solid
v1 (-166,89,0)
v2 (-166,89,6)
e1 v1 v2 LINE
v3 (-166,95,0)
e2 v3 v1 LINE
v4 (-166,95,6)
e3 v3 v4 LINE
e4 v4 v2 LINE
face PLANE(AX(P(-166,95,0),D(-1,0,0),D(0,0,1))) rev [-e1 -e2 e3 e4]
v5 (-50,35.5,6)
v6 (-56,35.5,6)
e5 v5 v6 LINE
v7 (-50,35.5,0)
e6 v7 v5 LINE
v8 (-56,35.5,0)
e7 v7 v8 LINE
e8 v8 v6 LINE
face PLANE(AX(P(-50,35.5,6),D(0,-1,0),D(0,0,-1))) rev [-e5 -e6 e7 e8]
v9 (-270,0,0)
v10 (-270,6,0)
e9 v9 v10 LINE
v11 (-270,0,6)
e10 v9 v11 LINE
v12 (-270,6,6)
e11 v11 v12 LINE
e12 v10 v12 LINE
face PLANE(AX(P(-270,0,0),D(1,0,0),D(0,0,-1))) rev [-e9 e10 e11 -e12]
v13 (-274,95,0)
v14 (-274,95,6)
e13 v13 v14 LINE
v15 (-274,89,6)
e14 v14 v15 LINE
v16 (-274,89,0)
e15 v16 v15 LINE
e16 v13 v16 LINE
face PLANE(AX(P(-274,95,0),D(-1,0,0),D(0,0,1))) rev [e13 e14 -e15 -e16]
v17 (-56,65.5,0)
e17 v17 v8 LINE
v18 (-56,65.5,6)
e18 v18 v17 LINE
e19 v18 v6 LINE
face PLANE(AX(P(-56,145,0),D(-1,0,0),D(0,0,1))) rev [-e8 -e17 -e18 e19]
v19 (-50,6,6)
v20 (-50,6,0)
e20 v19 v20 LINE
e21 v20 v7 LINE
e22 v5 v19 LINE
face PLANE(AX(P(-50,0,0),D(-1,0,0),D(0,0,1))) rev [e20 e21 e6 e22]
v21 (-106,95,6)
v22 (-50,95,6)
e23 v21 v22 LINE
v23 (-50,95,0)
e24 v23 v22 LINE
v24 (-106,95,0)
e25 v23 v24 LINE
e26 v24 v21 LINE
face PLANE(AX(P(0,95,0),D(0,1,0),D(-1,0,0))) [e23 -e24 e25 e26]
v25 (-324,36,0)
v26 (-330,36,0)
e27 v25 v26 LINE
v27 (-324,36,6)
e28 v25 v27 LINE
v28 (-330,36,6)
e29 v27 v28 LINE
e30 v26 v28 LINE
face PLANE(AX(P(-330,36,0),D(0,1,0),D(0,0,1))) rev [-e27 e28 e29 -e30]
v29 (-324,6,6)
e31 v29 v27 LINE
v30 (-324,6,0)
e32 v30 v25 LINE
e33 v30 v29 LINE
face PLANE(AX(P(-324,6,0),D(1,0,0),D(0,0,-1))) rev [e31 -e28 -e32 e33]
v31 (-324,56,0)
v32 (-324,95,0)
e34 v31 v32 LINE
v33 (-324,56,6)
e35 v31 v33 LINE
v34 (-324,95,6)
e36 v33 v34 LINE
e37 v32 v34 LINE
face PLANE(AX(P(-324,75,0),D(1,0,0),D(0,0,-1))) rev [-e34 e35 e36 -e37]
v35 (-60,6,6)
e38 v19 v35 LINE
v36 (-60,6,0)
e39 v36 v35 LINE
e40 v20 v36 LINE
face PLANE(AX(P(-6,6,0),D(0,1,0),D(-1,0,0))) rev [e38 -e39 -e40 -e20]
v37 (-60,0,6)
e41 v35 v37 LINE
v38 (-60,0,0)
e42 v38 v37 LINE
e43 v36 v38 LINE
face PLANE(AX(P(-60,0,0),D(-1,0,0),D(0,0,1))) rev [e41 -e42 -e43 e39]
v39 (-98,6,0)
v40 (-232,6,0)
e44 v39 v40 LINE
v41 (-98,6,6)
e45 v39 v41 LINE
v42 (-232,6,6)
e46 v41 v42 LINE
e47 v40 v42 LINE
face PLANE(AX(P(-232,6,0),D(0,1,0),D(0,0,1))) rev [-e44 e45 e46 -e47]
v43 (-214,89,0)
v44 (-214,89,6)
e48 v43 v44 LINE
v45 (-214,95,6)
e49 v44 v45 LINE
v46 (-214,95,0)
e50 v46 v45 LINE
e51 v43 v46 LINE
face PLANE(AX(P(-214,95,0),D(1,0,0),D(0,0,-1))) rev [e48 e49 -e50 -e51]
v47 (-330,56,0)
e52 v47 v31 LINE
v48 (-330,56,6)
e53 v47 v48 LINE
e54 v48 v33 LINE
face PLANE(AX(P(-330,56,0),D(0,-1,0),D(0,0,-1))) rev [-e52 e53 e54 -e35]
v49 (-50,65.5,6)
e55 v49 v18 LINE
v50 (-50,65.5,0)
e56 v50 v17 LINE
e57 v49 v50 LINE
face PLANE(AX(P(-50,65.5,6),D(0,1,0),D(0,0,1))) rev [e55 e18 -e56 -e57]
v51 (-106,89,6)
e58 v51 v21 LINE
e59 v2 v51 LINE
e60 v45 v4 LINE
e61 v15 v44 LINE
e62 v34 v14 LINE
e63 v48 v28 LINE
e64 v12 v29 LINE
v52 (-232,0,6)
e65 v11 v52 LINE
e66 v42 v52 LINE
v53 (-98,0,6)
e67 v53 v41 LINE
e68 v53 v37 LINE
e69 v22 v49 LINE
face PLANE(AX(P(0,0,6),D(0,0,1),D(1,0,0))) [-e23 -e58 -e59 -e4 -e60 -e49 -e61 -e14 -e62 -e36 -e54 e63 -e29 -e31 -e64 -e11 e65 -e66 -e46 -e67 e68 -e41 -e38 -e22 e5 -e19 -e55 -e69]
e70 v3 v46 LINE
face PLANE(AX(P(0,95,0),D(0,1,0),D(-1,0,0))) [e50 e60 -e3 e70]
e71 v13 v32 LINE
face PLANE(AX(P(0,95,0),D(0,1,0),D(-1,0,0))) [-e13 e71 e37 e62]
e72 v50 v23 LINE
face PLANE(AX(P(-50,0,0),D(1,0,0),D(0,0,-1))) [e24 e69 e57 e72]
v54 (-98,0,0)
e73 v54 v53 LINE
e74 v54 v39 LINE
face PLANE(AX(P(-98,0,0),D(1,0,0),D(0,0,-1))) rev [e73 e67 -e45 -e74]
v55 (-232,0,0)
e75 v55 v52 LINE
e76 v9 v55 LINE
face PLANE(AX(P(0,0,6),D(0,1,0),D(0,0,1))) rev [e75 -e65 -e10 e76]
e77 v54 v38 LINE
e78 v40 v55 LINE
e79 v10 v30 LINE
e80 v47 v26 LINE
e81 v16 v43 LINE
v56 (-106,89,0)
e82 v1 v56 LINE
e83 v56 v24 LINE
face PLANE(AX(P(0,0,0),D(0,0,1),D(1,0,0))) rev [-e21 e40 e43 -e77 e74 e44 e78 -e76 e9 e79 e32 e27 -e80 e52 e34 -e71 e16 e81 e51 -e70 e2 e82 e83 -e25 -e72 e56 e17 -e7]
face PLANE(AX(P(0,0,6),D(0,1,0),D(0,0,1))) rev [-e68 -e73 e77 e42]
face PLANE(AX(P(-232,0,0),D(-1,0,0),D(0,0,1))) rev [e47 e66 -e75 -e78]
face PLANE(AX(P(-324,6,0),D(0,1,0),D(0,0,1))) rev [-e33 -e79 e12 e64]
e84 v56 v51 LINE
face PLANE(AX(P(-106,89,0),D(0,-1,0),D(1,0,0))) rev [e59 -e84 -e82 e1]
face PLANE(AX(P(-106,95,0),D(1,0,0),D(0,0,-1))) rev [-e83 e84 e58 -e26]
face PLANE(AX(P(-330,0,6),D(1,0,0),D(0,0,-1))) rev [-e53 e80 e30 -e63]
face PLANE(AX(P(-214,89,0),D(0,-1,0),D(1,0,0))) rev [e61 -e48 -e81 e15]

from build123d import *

# Parameters (mm, degrees)
ESQUISSE1_W             = 330
ESQUISSE1_H             = 75
BOSS_EXTRU_1_DEPTH      = 6
ESQUISSE2_W             = 134
ESQUISSE2_H             = 6
ESQUISSE2_W_2           = 6
ESQUISSE2_H_2           = 19
ESQUISSE2_H_3           = 29
ENL_V_MAT_EXTRU_1_DEPTH = 6
ESQUISSE3_W             = 50
ESQUISSE3_H             = 6
BOSS_EXTRU_2_DEPTH      = 70
ESQUISSE5_W             = 6
ESQUISSE5_H             = 40
BOSS_EXTRU_3_DEPTH      = 6
ESQUISSE6_W             = 268
ESQUISSE6_H             = 6
BOSS_EXTRU_4_DEPTH      = 20
ESQUISSE7_W             = 58.270575025
ESQUISSE7_H             = 148.089415769
ESQUISSE7_W_2           = 60
ESQUISSE7_H_2           = 6
ENL_V_MAT_EXTRU_3_DEPTH = 361.50104022
ESQUISSE8_W             = 6
ESQUISSE8_H             = 29.5
BOSS_EXTRU_5_DEPTH      = 6


with BuildPart() as part:
    # Esquisse1 → Boss.-Extru.1 (new body)
    with BuildSketch(Plane.XY):
        with Locations((-165, 37.5)):
            Rectangle(ESQUISSE1_W, ESQUISSE1_H)
    extrude(amount=BOSS_EXTRU_1_DEPTH)

    # Esquisse2 → Enlèv. mat.-Extru.1 (cut)
    with BuildSketch(Plane.XY.offset(6)):
        Polygon((-330, 0), (-270, 0), (-270, 6), (-324, 6), (-324, 36), (-330, 36), align=None)
        Polygon((0, 0), (-60, 0), (-60, 6), (-6, 6), (-6, 26), (0, 26), align=None)
        with Locations((-165, 3)):
            Rectangle(ESQUISSE2_W, ESQUISSE2_H)
        with Locations((-327, 65.5)):
            Rectangle(ESQUISSE2_W_2, ESQUISSE2_H_2)
        with Locations((-3, 60.5)):
            Rectangle(ESQUISSE2_W_2, ESQUISSE2_H_3)
    extrude(amount=-ENL_V_MAT_EXTRU_1_DEPTH, mode=Mode.SUBTRACT)

    # Esquisse3 → Boss.-Extru.2 (add)
    with BuildSketch(Plane(origin=(0, 75, 0), x_dir=(1, 0, 0), z_dir=(0, 1, 0))):
        with Locations((-31, -3)):
            Rectangle(ESQUISSE3_W, ESQUISSE3_H)
    extrude(amount=BOSS_EXTRU_2_DEPTH)

    # Esquisse5 → Boss.-Extru.3 (add)
    with BuildSketch(Plane(origin=(-6, 0, 0), x_dir=(0, 0, -1), z_dir=(1, 0, 0))):
        with Locations((-3, 105)):
            Rectangle(ESQUISSE5_W, ESQUISSE5_H)
    extrude(amount=BOSS_EXTRU_3_DEPTH)

    # Esquisse6 → Boss.-Extru.4 (add)
    with BuildSketch(Plane(origin=(0, 75, 0), x_dir=(1, 0, 0), z_dir=(0, 1, 0))):
        with Locations((-190, -3)):
            Rectangle(ESQUISSE6_W, ESQUISSE6_H)
    extrude(amount=BOSS_EXTRU_4_DEPTH)

    # Esquisse7 → Enlèv. mat.-Extru.3 (cut, through all)
    with BuildSketch(Plane.XY.offset(6)):
        with Locations((-26.864712488, 70.955292116)):
            Rectangle(ESQUISSE7_W, ESQUISSE7_H)
        with Locations((-136, 92)):
            Rectangle(ESQUISSE7_W_2, ESQUISSE7_H_2)
        with Locations((-244, 92)):
            Rectangle(ESQUISSE7_W_2, ESQUISSE7_H_2)
    extrude(amount=-ENL_V_MAT_EXTRU_3_DEPTH, mode=Mode.SUBTRACT)

    # Esquisse8 → Boss.-Extru.5 (add)
    with BuildSketch(Plane(origin=(-56, 0, 0), x_dir=(0, 0, -1), z_dir=(1, 0, 0))):
        with Locations((-3, 20.75)):
            Rectangle(ESQUISSE8_W, ESQUISSE8_H)
        with Locations((-3, 80.25)):
            Rectangle(ESQUISSE8_W, ESQUISSE8_H)
    extrude(amount=BOSS_EXTRU_5_DEPTH)


solid = part.part
